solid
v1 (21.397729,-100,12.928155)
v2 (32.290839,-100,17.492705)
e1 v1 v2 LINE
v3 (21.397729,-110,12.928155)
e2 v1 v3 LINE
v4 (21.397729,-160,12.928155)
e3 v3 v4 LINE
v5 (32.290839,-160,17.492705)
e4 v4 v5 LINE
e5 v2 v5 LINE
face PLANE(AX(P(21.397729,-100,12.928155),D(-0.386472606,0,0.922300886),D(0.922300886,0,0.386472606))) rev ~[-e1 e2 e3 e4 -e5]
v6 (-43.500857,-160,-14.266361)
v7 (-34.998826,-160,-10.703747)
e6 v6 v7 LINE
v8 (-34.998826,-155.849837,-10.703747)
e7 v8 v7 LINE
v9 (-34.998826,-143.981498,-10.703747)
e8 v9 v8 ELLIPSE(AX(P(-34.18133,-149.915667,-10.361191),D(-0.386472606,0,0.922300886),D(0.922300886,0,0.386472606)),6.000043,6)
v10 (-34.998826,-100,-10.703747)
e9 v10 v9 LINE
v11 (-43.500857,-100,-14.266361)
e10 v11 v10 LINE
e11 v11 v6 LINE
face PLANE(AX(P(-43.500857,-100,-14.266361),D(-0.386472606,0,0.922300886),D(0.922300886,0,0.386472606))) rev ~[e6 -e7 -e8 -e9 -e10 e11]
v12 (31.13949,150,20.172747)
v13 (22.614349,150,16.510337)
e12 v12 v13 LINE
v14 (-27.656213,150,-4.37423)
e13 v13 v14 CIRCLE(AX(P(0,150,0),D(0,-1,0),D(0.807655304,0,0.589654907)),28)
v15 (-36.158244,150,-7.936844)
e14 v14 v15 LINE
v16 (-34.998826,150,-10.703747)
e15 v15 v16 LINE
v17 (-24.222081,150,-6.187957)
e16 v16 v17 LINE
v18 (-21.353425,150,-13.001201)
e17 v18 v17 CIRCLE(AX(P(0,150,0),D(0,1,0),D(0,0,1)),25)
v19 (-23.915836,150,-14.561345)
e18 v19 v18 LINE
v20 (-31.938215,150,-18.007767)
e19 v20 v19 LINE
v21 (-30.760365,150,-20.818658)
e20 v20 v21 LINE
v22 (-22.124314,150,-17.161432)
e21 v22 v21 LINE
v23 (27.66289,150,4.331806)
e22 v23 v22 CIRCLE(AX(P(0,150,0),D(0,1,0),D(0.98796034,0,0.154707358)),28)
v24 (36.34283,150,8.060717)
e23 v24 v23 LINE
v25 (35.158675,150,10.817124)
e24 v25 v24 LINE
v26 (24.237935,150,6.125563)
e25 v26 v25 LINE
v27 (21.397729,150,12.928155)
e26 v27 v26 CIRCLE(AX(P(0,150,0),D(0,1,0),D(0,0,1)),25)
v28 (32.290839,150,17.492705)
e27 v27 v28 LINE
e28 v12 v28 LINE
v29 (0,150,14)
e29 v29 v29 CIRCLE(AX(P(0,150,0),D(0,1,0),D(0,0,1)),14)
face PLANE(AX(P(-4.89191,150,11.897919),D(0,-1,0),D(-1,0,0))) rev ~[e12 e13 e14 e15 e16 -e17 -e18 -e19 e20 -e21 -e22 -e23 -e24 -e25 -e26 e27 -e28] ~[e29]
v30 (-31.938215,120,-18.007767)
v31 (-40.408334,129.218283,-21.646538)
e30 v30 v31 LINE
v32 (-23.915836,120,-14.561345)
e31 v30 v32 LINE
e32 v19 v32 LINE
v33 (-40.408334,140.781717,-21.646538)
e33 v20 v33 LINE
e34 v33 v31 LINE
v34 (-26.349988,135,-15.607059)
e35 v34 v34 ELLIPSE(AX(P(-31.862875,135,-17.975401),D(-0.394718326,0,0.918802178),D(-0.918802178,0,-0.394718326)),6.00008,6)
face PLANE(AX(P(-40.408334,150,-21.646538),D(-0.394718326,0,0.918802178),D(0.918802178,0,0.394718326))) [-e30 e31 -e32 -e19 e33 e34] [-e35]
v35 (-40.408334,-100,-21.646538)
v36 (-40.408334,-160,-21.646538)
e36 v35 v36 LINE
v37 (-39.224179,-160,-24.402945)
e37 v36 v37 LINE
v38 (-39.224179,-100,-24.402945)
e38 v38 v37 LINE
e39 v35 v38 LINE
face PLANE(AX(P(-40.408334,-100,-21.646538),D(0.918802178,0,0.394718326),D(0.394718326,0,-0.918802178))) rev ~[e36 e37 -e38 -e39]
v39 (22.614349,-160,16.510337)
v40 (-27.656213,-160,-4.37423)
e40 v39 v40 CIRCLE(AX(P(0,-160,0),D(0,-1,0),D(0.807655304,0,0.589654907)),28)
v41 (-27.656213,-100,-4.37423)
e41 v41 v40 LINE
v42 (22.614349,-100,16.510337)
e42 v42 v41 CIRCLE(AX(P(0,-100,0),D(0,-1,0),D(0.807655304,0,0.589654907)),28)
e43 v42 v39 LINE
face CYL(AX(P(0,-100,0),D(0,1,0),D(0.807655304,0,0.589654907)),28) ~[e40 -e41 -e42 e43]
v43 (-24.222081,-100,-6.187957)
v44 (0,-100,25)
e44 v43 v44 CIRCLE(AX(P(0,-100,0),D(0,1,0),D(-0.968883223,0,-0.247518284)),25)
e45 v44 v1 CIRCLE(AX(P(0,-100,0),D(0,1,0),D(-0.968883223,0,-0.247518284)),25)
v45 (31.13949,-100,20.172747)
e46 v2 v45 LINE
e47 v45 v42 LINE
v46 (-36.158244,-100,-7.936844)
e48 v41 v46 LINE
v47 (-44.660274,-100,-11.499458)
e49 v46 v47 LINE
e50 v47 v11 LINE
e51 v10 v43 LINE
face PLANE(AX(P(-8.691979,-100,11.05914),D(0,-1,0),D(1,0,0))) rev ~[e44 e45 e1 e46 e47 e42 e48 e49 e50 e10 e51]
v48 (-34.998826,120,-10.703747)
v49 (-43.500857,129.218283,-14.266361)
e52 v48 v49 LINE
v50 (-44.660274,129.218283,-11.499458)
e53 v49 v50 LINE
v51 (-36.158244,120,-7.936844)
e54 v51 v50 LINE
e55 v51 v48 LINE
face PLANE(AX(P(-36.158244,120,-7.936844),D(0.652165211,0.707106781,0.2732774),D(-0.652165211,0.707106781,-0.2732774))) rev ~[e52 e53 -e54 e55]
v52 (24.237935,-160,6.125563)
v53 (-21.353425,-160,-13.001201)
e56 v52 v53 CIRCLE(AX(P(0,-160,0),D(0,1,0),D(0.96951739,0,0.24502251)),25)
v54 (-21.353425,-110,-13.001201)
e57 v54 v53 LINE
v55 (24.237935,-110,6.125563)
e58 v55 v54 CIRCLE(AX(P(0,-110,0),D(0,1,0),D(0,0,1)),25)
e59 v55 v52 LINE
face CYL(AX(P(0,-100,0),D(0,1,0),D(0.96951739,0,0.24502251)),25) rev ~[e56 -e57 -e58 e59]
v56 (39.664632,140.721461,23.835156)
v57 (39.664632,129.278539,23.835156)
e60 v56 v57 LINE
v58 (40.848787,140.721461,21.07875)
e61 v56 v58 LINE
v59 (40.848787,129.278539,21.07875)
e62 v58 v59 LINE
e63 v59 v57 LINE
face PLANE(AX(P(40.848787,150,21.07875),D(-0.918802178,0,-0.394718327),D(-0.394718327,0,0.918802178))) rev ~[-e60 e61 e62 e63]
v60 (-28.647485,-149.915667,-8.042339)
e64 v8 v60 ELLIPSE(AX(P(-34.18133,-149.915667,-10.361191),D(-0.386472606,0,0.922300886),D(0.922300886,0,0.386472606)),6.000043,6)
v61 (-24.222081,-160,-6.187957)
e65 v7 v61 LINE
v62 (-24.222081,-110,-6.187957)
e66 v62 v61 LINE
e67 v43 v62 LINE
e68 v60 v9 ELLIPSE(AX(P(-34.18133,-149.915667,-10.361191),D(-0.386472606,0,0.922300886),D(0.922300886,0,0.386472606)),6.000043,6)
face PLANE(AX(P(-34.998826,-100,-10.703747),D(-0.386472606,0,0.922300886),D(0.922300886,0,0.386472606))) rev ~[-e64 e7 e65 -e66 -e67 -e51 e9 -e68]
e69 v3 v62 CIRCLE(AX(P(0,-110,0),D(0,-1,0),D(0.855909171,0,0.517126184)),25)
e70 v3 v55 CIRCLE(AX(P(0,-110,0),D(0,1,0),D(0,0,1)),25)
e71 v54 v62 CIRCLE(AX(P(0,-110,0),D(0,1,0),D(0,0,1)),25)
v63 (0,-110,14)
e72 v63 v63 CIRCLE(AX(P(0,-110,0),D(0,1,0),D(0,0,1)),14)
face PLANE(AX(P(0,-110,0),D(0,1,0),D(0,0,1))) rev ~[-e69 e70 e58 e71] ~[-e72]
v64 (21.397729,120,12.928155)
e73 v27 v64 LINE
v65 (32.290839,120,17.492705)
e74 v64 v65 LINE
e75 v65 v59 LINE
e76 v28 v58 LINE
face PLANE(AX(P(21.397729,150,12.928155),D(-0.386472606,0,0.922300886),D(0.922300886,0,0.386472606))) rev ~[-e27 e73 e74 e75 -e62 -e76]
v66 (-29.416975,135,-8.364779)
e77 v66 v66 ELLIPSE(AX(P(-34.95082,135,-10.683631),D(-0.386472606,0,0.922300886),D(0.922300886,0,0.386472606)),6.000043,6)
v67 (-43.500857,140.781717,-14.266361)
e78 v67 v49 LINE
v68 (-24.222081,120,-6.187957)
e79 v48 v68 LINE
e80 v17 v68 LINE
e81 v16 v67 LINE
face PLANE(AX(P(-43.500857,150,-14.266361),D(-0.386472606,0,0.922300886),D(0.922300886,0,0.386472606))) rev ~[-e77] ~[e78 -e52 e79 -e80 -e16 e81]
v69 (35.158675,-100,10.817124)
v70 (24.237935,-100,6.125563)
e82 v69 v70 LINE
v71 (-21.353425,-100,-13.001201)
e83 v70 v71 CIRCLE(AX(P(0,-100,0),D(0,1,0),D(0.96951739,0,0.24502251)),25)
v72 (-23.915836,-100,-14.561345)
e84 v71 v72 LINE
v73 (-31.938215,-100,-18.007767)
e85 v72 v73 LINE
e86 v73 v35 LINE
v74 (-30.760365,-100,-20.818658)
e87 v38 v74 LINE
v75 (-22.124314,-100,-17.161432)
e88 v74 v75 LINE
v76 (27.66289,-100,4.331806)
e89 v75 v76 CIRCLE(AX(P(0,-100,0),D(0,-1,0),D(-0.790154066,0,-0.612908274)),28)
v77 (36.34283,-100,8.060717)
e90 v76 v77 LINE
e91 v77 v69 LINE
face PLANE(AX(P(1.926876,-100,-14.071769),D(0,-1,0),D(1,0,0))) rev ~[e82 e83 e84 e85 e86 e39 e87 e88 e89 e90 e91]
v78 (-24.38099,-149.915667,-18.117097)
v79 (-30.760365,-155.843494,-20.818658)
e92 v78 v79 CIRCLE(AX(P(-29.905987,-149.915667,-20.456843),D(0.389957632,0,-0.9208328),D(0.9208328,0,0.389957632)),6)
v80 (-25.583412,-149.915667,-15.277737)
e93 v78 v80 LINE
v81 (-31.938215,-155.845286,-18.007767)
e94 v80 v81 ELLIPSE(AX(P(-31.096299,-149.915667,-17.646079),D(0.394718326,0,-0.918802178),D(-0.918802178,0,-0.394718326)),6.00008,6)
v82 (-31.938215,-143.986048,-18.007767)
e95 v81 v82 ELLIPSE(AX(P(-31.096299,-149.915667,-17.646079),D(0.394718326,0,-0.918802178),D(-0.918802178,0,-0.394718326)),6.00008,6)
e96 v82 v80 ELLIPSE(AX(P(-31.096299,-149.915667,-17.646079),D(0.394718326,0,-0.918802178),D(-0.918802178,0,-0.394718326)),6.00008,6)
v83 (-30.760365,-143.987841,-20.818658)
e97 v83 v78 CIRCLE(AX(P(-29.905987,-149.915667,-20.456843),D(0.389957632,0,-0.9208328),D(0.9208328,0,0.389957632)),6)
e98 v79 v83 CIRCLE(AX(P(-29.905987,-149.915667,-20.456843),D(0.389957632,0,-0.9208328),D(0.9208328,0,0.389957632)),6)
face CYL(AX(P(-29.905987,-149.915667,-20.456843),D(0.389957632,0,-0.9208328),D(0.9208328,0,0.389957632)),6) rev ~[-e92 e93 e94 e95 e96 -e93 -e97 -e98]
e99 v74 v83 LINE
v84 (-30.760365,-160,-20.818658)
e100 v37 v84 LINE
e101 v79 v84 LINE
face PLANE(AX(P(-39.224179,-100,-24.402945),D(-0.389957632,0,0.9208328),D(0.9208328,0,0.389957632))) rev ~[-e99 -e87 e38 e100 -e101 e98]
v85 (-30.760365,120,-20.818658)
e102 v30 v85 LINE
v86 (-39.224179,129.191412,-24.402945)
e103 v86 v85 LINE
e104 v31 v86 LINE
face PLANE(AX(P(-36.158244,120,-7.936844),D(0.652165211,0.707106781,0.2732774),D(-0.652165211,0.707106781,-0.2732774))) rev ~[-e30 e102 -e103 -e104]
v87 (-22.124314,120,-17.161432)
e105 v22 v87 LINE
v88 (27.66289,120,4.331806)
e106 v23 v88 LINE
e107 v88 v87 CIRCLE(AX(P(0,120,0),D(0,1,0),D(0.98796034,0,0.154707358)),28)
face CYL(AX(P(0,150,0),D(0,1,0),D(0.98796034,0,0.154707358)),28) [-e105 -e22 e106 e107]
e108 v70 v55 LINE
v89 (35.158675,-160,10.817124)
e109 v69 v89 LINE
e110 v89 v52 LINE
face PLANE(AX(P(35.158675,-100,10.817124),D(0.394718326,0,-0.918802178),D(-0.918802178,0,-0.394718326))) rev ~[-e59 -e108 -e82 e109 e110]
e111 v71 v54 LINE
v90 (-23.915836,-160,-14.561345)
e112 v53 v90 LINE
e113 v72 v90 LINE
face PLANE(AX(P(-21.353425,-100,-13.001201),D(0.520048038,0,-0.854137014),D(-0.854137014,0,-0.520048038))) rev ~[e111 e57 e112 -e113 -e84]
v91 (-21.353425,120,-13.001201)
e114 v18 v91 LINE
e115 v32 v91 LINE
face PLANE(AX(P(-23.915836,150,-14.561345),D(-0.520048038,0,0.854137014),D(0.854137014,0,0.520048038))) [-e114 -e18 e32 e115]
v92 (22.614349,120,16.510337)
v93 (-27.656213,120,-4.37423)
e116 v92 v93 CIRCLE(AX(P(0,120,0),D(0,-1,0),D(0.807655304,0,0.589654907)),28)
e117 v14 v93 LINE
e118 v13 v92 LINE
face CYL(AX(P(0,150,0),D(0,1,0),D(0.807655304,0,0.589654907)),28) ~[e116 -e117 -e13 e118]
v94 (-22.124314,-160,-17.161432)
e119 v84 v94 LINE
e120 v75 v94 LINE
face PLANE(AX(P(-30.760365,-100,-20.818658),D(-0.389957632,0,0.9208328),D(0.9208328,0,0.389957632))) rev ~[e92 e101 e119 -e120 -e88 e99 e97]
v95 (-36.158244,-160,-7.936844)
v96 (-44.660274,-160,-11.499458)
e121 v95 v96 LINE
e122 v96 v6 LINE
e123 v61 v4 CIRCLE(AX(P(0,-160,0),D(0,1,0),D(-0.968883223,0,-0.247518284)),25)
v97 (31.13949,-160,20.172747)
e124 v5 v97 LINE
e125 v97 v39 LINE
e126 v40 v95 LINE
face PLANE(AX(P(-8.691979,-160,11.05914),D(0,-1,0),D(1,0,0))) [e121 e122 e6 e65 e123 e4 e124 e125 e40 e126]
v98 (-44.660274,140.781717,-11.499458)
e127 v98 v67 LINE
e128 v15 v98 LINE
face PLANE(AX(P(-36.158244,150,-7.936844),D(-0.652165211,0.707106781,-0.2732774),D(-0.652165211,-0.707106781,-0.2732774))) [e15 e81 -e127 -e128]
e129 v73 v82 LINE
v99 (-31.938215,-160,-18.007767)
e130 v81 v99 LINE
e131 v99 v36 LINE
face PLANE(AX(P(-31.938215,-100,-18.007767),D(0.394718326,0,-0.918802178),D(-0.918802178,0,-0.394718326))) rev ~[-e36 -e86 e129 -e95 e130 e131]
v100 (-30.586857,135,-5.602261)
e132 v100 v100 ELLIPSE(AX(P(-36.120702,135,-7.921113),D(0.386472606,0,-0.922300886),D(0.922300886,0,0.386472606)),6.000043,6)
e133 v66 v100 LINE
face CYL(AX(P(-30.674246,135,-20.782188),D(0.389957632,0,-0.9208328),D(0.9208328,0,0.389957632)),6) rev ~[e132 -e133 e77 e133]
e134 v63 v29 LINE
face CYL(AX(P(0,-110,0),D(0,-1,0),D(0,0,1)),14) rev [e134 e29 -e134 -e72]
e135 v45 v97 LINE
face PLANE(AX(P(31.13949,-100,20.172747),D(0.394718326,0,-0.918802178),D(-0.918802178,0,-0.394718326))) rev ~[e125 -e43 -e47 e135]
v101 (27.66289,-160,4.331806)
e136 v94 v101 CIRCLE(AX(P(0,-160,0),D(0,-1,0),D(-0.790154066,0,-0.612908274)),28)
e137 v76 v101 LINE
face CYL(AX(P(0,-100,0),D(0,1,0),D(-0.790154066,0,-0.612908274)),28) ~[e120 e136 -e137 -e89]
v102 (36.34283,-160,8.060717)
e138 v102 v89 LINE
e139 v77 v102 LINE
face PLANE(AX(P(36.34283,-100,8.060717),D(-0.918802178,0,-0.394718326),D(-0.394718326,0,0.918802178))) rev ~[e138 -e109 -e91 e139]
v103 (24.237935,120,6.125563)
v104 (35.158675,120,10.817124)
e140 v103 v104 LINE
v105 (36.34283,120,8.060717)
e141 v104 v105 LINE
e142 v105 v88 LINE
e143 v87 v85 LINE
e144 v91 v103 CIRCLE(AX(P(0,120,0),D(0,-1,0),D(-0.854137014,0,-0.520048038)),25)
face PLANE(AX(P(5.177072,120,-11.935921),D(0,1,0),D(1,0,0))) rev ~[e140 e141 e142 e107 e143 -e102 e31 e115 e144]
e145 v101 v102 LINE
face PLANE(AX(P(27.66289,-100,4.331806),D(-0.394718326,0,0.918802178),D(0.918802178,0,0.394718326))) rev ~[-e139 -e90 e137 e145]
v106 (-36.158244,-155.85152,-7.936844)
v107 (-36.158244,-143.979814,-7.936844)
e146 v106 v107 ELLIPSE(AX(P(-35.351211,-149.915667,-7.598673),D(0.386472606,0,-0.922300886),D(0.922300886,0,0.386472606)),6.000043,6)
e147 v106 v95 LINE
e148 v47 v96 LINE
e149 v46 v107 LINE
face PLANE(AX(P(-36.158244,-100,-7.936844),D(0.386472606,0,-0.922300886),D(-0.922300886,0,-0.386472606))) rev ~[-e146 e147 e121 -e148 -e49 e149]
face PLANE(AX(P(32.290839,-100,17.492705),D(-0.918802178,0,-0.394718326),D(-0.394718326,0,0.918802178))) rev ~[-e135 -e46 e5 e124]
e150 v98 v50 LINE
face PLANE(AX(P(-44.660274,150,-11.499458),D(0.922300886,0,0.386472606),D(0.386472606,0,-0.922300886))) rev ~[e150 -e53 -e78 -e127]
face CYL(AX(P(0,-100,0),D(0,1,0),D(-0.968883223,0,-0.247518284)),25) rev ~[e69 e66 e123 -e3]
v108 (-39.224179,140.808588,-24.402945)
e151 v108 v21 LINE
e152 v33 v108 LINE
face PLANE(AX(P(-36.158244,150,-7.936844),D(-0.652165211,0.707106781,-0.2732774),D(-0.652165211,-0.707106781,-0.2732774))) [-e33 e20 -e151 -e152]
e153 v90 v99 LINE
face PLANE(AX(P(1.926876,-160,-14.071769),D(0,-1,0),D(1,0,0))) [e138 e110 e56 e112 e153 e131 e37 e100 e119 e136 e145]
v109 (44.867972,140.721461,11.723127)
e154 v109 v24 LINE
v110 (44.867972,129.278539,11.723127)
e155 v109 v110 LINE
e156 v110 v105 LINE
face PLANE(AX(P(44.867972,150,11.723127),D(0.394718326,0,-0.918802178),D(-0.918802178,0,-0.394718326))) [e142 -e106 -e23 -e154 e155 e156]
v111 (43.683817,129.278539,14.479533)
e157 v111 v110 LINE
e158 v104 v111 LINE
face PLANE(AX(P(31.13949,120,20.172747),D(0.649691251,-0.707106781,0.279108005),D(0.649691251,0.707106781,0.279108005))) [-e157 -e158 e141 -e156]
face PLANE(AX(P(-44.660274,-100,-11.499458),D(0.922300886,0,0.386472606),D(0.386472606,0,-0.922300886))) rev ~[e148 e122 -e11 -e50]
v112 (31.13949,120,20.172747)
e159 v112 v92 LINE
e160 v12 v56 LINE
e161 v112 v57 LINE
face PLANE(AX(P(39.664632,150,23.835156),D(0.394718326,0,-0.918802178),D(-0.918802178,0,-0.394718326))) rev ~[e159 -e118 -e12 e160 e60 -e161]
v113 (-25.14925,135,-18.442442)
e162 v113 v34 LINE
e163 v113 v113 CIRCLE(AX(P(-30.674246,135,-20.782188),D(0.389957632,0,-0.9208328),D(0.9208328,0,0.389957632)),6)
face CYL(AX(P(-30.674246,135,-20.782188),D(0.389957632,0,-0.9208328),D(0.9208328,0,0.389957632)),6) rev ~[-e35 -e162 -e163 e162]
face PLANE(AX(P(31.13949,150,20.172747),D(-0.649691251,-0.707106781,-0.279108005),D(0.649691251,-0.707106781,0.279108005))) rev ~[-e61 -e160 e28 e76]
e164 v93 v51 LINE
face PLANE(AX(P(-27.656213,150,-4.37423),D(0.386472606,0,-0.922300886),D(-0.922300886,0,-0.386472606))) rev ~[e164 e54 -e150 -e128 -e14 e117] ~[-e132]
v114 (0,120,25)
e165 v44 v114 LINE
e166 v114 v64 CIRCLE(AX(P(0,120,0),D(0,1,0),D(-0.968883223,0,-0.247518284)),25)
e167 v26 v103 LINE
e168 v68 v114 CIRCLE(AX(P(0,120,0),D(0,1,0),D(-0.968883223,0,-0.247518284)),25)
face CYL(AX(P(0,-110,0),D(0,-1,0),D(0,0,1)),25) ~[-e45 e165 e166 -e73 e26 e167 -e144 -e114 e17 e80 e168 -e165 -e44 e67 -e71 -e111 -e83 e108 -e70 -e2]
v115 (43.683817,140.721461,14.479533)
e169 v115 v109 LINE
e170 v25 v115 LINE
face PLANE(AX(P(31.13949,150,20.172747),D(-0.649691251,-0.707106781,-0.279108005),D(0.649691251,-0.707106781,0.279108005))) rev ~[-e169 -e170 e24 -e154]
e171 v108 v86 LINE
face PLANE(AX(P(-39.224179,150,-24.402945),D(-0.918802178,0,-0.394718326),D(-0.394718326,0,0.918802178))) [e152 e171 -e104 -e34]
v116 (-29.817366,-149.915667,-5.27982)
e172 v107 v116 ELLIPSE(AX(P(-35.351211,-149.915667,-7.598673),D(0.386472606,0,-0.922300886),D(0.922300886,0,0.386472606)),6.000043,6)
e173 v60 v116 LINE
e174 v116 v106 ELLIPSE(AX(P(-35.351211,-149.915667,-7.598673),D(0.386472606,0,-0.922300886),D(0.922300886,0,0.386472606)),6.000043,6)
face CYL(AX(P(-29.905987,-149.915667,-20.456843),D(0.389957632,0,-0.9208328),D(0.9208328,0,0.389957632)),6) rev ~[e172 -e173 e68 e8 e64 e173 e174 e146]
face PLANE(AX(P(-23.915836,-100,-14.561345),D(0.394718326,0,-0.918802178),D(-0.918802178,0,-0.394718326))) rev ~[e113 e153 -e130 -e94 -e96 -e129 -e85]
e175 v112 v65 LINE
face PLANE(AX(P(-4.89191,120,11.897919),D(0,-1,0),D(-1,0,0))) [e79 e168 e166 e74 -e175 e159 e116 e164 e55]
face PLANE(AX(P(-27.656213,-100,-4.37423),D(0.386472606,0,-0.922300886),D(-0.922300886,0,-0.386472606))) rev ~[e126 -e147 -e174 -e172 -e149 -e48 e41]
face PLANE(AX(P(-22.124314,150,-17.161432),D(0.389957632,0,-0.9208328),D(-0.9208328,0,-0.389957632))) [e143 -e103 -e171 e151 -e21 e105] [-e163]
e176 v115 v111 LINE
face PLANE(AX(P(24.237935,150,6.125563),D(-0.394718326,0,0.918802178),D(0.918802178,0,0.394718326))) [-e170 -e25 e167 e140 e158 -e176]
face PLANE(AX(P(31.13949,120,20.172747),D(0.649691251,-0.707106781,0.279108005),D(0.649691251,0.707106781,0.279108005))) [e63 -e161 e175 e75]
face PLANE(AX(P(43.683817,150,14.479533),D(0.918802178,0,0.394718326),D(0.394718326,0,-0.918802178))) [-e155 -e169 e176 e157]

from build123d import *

# Parameters (mm, degrees)
BOSS_EXTRUDE1_DEPTH      = 150
BOSS_EXTRUDE1_DEPTH_BACK = 110
SKETCH1_R                = 25
SKETCH1_R_2              = 14
BOSS_EXTRUDE2_DEPTH      = 30
SKETCH4_R                = 6
CUT_EXTRUDE1_DEPTH       = 30
CUT_EXTRUDE3_DEPTH       = 30
CUT_EXTRUDE4_DEPTH       = 30
BOSS_EXTRUDE3_DEPTH      = 50
BOSS_EXTRUDE3_DEPTH_BACK = 10
SKETCH10_R               = 6
CUT_EXTRUDE5_DEPTH       = 20


with BuildPart() as part:
    # Sketch1 → Boss-Extrude1 (new, two sides: drawn at the far end of the back side and taken through both)
    with BuildSketch(Plane(origin=(0, 0, 0), x_dir=(1, 0, 0), z_dir=(0, 1, 0)).offset(-BOSS_EXTRUDE1_DEPTH_BACK)):
        with Locations(Location((0, 0, 0), (0, 0, 270))):
            Circle(SKETCH1_R)
        with Locations(Location((0, 0, 0), (0, 0, 270))):
            Circle(SKETCH1_R_2, mode=Mode.SUBTRACT)
    extrude(amount=BOSS_EXTRUDE1_DEPTH + BOSS_EXTRUDE1_DEPTH_BACK)

    # Sketch2 → Boss-Extrude2 (add)
    with BuildSketch(Plane(origin=(0, 150, 0), x_dir=(1, 0, 0), z_dir=(0, 1, 0))):
        with BuildLine():
            Line((-23.915836384, 14.561345064), (-21.353425342, 13.00120095))
            ThreePointArc((-21.353425342, 13.00120095), (9.671523715, 23.053451564), (24.237934753, -6.125562743))
            Line((24.237934753, -6.125562743), (43.683817295, -14.479533157))
            Line((43.683817295, -14.479533157), (44.867972274, -11.723126622))
            Line((44.867972274, -11.723126622), (27.66288952, -4.331806018))
            ThreePointArc((27.66288952, -4.331806018), (11.097692173, 25.70683233), (-22.124313852, 17.161431659))
            Line((-22.124313852, 17.161431659), (-39.224178944, 24.402944888))
            Line((-39.224178944, 24.402944888), (-40.408333923, 21.646538353))
            Line((-40.408333923, 21.646538353), (-23.915836384, 14.561345064))
        make_face()
        with BuildLine():
            Line((-43.500856668, 14.266360747), (-24.222080563, 6.187957111))
            ThreePointArc((-24.222080563, 6.187957111), (-9.661815141, -23.057522161), (21.397729285, -12.928154604))
            Line((21.397729285, -12.928154604), (40.848787327, -21.078749702))
            Line((40.848787327, -21.078749702), (39.664632347, -23.835156237))
            Line((39.664632347, -23.835156237), (22.614348516, -16.510337404))
            ThreePointArc((22.614348516, -16.510337404), (-10.742271175, -25.857370516), (-27.656212868, 4.374230197))
            Line((-27.656212868, 4.374230197), (-44.660274485, 11.499458088))
            Line((-44.660274485, 11.499458088), (-43.500856668, 14.266360747))
        make_face()
    extrude(amount=-BOSS_EXTRUDE2_DEPTH)

    # Sketch4 → Cut-Extrude1 (cut)
    with BuildSketch(Plane(origin=(2.798049006, 0, -6.607218549), x_dir=(-0.9208327997677669, 0, -0.38995763214977075), z_dir=(0.3899576321497707, 0, -0.9208327997677668))):
        with Locations(Location((36.350025121, 135, 0), (0, 0, 180))):
            Circle(SKETCH4_R)
    extrude(amount=-CUT_EXTRUDE1_DEPTH, mode=Mode.SUBTRACT)

    # Sketch6 → Cut-Extrude3 (cut)
    with BuildSketch(Plane(origin=(-2.464398676, 0, 5.736482753), x_dir=(0.9188021782605189, 0, 0.39471832643509935), z_dir=(-0.39471832643509935, 0, 0.9188021782605189))):
        Polygon((36.573584503, 150), (45.852123581, 140.721460922), (66.07138883, 154.845920949), align=None)
        Polygon((36.573584503, 120), (62.874627202, 146.301042699), (73.132170225, 136.043499677), (73.132170225, 101.712575759), align=None)
    extrude(amount=-CUT_EXTRUDE3_DEPTH, mode=Mode.SUBTRACT)

    # Sketch7 → Cut-Extrude4 (cut)
    with BuildSketch(Plane(origin=(-2.571593456, 0, 6.137001406), x_dir=(0.9223008864267629, 0, 0.3864726056221933), z_dir=(-0.3864726056221933, 0, 0.9223008864267629))):
        Polygon((-36.416153031, 150), (-45.634436276, 140.781716754), (-52.238797728, 153.982696948), (-36.416153031, 153.982696948), align=None)
        Polygon((-36.416153031, 120), (-66.089359291, 149.67320626), (-66.089359291, 112.136229403), align=None)
    extrude(amount=-CUT_EXTRUDE4_DEPTH, mode=Mode.SUBTRACT)

    # Sketch8 → Boss-Extrude3 (add, two sides: drawn at the far end of the back side and taken through both)
    with BuildSketch(Plane.XZ.offset(110).offset(-BOSS_EXTRUDE3_DEPTH_BACK)):
        with BuildLine():
            Line((-23.915836384, -14.561345064), (-31.938215406, -18.007767043))
            Line((-31.938215406, -18.007767043), (-40.408333923, -21.646538353))
            Line((-40.408333923, -21.646538353), (-39.224178944, -24.402944888))
            Line((-39.224178944, -24.402944888), (-30.760365079, -20.818658126))
            Line((-30.760365079, -20.818658126), (-22.124313852, -17.161431659))
            ThreePointArc((-22.124313852, -17.161431659), (11.097692173, -25.70683233), (27.66288952, 4.331806018))
            Line((27.66288952, 4.331806018), (36.342830359, 8.060717205))
            Line((36.342830359, 8.060717205), (35.15867538, 10.81712374))
            Line((35.15867538, 10.81712374), (24.237934753, 6.125562743))
            ThreePointArc((24.237934753, 6.125562743), (9.671523715, -23.053451564), (-21.353425342, -13.00120095))
            Line((-21.353425342, -13.00120095), (-23.915836384, -14.561345064))
        make_face()
        with BuildLine():
            Line((-27.656212868, -4.374230197), (-36.158243676, -7.936844143))
            Line((-36.158243676, -7.936844143), (-44.660274485, -11.499458088))
            Line((-44.660274485, -11.499458088), (-43.500856668, -14.266360747))
            Line((-43.500856668, -14.266360747), (-34.998825859, -10.703746802))
            Line((-34.998825859, -10.703746802), (-24.222080563, -6.187957111))
            ThreePointArc((-24.222080563, -6.187957111), (-9.661815141, 23.057522161), (21.397729285, 12.928154604))
            Line((21.397729285, 12.928154604), (32.290839196, 17.492704669))
            Line((32.290839196, 17.492704669), (31.139490432, 20.17274682))
            Line((31.139490432, 20.17274682), (22.614348516, 16.510337404))
            ThreePointArc((22.614348516, 16.510337404), (-10.742271175, 25.857370516), (-27.656212868, -4.374230197))
        make_face()
    extrude(amount=BOSS_EXTRUDE3_DEPTH + BOSS_EXTRUDE3_DEPTH_BACK)

    # Sketch10 → Cut-Extrude5 (cut)
    with BuildSketch(Plane(origin=(2.798049006, 0, -6.607218549), x_dir=(-0.9208327997677666, 0, -0.3899576321497714), z_dir=(0.3899576321497714, 0, -0.9208327997677666))):
        with Locations(Location((35.51571532, -149.915667196, 0), (0, 0, 180))):
            Circle(SKETCH10_R)
    extrude(amount=-CUT_EXTRUDE5_DEPTH, mode=Mode.SUBTRACT)


solid = part.part
